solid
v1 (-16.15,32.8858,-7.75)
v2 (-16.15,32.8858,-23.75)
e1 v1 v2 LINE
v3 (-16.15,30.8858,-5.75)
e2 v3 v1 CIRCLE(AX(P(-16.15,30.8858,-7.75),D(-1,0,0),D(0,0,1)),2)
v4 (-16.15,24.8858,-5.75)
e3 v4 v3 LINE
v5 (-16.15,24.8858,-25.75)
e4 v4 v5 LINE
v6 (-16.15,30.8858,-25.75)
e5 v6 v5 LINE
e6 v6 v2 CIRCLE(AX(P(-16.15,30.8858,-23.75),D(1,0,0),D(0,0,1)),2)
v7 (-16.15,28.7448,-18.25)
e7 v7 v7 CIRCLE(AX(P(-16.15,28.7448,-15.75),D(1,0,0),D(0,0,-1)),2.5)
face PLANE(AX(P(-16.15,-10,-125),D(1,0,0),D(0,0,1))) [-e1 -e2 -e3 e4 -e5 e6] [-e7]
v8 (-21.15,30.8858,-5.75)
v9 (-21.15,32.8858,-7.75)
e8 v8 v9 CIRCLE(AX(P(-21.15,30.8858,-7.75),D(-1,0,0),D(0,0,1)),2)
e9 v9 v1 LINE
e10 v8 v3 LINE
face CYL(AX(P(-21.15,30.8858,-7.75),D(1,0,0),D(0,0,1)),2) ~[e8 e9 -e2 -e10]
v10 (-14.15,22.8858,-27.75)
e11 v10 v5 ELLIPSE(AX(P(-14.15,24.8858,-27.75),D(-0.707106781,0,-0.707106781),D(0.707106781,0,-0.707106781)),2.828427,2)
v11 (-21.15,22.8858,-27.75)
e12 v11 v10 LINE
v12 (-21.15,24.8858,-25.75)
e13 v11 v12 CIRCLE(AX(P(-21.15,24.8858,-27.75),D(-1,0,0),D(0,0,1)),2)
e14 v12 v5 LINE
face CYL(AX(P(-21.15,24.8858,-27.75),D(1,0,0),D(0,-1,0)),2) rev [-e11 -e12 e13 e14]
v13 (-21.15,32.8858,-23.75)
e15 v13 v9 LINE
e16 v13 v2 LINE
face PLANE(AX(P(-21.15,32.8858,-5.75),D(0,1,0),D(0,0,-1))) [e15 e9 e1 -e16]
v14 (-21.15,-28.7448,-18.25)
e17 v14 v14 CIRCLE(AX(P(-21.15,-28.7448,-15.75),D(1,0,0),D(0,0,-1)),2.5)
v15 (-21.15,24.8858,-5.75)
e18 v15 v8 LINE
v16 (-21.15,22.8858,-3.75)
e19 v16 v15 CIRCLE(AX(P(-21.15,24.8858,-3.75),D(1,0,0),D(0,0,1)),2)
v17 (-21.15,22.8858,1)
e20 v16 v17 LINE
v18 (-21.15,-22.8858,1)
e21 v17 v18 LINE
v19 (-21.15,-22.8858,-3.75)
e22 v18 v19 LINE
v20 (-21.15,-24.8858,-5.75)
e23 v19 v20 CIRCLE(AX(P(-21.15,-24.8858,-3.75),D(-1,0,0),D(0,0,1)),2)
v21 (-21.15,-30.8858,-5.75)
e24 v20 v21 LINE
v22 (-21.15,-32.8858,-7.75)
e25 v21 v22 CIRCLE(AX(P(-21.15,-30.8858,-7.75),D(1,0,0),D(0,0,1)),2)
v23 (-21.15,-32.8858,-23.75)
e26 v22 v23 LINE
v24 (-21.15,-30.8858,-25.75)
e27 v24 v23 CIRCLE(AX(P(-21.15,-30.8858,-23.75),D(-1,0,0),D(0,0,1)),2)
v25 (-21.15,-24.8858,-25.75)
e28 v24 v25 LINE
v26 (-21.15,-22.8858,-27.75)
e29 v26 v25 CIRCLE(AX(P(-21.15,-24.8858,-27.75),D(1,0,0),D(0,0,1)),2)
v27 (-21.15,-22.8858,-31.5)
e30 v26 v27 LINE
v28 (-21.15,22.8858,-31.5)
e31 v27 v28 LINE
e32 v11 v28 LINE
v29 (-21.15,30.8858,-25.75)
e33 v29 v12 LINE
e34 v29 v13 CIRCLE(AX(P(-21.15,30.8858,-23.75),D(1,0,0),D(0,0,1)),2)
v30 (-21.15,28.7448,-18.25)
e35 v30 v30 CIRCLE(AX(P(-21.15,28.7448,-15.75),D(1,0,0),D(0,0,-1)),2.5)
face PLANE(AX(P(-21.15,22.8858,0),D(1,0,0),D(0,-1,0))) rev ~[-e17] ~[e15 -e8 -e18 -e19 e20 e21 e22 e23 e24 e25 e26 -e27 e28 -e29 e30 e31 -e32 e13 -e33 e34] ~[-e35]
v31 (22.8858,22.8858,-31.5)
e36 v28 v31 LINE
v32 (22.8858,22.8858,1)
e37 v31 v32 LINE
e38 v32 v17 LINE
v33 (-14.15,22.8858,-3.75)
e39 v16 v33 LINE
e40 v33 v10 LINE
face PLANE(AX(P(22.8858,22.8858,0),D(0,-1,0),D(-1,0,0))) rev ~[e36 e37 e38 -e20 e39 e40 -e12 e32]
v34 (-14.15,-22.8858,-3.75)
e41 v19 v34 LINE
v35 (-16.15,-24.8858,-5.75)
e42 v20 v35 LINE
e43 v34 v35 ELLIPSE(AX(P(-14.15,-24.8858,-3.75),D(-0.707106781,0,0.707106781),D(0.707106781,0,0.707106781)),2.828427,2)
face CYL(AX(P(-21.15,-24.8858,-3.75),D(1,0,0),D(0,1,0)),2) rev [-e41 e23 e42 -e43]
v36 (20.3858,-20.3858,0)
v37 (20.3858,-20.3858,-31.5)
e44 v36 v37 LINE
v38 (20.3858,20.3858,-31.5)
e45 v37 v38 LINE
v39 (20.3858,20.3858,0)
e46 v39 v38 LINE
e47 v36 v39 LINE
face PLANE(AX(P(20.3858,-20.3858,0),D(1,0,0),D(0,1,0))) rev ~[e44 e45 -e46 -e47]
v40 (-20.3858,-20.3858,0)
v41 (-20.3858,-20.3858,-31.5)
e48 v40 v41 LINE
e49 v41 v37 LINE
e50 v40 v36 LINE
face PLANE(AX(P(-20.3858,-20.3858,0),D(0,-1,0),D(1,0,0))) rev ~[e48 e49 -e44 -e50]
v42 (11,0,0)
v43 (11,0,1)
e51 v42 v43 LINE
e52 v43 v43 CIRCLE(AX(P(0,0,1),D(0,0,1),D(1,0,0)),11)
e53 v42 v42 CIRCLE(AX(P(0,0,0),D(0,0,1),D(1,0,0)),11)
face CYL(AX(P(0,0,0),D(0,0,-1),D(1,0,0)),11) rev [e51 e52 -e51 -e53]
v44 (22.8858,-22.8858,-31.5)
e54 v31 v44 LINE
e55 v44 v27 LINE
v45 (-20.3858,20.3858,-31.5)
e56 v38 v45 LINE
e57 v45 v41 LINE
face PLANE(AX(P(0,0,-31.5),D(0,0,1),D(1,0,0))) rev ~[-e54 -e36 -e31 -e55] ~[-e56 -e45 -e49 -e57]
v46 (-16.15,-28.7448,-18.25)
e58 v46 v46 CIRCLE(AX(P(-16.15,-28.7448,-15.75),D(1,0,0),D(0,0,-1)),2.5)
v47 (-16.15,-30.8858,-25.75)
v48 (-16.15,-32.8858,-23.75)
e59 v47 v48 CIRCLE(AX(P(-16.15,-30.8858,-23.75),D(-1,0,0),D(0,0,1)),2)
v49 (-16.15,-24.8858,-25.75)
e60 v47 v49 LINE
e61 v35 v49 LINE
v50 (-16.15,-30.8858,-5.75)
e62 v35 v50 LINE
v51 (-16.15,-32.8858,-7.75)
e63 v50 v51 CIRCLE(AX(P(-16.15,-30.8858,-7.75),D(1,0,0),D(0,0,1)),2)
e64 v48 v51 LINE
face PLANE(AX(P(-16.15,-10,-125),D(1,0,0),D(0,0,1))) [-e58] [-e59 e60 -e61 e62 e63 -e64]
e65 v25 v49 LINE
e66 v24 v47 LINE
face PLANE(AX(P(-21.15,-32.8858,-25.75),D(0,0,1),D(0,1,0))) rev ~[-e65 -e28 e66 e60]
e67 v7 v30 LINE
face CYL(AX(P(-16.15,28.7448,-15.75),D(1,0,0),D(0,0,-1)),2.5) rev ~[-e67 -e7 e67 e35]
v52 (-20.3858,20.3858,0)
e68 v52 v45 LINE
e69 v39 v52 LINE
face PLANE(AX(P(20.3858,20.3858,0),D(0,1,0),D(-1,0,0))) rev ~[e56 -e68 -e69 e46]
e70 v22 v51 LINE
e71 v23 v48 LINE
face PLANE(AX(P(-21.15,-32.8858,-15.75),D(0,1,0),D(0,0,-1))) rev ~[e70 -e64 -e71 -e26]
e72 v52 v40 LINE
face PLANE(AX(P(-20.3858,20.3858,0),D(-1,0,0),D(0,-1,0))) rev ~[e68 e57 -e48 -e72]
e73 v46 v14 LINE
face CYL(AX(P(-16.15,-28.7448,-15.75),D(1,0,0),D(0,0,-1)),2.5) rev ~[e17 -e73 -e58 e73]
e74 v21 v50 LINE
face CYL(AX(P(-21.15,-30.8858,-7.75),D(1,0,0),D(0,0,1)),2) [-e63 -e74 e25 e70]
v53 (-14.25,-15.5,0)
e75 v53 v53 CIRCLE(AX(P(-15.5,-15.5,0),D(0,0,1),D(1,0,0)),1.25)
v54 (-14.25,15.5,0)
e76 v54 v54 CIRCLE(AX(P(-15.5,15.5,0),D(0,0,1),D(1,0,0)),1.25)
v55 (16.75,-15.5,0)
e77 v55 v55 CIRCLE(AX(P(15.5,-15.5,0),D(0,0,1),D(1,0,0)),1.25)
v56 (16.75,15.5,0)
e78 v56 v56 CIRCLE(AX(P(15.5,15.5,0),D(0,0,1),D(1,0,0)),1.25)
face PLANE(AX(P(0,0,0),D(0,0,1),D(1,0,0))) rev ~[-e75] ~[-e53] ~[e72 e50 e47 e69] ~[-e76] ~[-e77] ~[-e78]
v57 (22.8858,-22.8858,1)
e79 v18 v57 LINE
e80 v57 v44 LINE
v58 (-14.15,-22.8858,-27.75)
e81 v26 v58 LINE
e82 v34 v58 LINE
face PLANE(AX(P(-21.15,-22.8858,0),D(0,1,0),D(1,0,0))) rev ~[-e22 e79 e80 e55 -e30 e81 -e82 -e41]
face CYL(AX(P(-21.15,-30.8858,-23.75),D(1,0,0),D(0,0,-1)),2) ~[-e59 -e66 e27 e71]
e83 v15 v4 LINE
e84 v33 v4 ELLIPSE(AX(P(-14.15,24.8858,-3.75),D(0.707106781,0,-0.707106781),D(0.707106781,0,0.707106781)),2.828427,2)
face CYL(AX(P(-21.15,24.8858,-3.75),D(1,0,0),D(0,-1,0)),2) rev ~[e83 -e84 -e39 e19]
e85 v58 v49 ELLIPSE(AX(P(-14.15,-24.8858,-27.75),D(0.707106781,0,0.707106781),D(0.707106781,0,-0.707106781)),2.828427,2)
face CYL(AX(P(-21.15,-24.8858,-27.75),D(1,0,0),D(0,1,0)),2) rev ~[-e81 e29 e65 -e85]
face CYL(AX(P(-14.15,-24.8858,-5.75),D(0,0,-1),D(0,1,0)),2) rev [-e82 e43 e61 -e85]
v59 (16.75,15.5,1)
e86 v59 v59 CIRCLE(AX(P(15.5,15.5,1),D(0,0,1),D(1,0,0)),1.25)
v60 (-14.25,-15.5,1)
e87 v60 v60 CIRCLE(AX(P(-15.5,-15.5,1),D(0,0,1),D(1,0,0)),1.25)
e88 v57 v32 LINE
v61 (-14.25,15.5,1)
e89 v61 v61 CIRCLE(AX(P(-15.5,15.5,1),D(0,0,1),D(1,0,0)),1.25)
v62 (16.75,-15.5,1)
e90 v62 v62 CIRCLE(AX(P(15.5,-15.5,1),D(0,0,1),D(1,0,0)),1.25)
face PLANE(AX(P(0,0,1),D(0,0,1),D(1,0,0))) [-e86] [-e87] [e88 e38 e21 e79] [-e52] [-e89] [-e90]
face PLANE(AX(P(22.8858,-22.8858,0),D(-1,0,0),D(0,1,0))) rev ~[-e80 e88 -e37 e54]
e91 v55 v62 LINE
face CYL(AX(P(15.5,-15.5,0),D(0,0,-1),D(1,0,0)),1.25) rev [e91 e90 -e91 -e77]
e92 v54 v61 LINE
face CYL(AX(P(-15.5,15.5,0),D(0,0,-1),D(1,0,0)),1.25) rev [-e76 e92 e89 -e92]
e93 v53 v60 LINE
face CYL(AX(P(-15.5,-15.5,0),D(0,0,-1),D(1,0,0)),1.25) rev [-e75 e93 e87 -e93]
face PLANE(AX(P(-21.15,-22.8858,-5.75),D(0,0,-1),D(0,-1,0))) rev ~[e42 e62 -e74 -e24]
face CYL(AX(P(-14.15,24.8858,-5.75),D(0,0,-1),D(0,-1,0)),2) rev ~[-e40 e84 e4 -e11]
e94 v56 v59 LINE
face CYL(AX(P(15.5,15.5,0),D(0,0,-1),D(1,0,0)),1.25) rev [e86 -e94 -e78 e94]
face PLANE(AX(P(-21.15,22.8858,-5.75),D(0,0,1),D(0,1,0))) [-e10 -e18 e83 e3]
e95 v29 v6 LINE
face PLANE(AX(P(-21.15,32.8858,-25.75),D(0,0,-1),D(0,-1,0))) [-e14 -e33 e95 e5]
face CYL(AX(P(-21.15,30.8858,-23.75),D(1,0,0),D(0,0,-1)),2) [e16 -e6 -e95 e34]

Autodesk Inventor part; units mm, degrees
ref_plane "YZ Plane" through (0, 0, 0) normal (1, 0, 0) x (0, 1, 0)
ref_plane "XZ Plane" through (0, 0, 0) normal (0, 1, 0) x (-1, 0, 0)
sketch "Sketch1" plane through (0, 0, 0) normal (0, 0, 1) x (1, 0, 0)
  line L0 (20.0607, 17.4322) -> (17.4322, 20.0607) construction
  arc A0 (17.4322, 20.0607) -> (16.3716, 20.5) centre (16.3716, 19) ccw construction
  line L1 (16.3716, 20.5) -> (-16.3716, 20.5) construction
  arc A1 (-16.3716, 20.5) -> (-17.4322, 20.0607) centre (-16.3716, 19) ccw construction
  line L2 (-17.4322, 20.0607) -> (-20.0607, 17.4322) construction
  arc A2 (-20.0607, 17.4322) -> (-20.5, 16.3716) centre (-19, 16.3716) ccw construction
  line L3 (-20.5, 16.3716) -> (-20.5, -16.3716) construction
  arc A3 (-20.5, -16.3716) -> (-20.0607, -17.4322) centre (-19, -16.3716) ccw construction
  line L4 (-20.0607, -17.4322) -> (-17.4322, -20.0607) construction
  arc A4 (-17.4322, -20.0607) -> (-16.3716, -20.5) centre (-16.3716, -19) ccw construction
  line L5 (-16.3716, -20.5) -> (16.3716, -20.5) construction
  arc A5 (16.3716, -20.5) -> (17.4322, -20.0607) centre (16.3716, -19) ccw construction
  line L6 (17.4322, -20.0607) -> (20.0607, -17.4322) construction
  arc A6 (20.0607, -17.4322) -> (20.5, -16.3716) centre (19, -16.3716) ccw construction
  line L7 (20.5, -16.3716) -> (20.5, 16.3716) construction
  arc A7 (20.5, 16.3716) -> (20.0607, 17.4322) centre (19, 16.3716) ccw construction
  circle A8 centre (0, 0) radius 16.5 construction
  circle A9 centre (15.5, 15.5) radius 1.55 construction
  circle A10 centre (15.5, -15.5) radius 1.55 construction
  circle A11 centre (-15.5, -15.5) radius 1.55 construction
  circle A12 centre (-15.5, 15.5) radius 1.55 construction
  line L8 (0, 0) -> (-20.3858, 0) construction
  line L9 (-20.3858, 0) -> (-20.3858, -20.3858) construction
  line L10 (-20.3858, -20.3858) -> (0, -20.3858) construction
  line L11 (0, -20.3858) -> (0, 0) construction
  line L12 (0, 0) -> (-20.3858, 0) construction
  line L13 (-20.3858, 0) -> (-20.3858, 20.3858) construction
  line L14 (-20.3858, 20.3858) -> (0, 20.3858) construction
  line L15 (0, 20.3858) -> (0, 0) construction
  line L16 (0, 0) -> (20.3858, 0) construction
  line L17 (20.3858, 0) -> (20.3858, 20.3858) construction
  line L18 (20.3858, 20.3858) -> (0, 20.3858) construction
  line L19 (0, 20.3858) -> (0, 0) construction
  line L20 (0, 0) -> (20.3858, 0) construction
  line L21 (20.3858, 0) -> (20.3858, -20.3858) construction
  line L22 (20.3858, -20.3858) -> (0, -20.3858) construction
  line L23 (0, -20.3858) -> (0, 0) construction
  line L24 (-20.3858, -20.3858) -> (20.3858, -20.3858)
  line L25 (20.3858, -20.3858) -> (20.3858, 20.3858)
  line L26 (20.3858, 20.3858) -> (-20.3858, 20.3858)
  line L27 (-20.3858, 20.3858) -> (-20.3858, -20.3858)
  line L28 (-21.15, -107.4) -> (-21.15, 107.4) projected
  line L29 (-21.15, 22.8858) -> (22.8858, 22.8858)
  line L30 (22.8858, 22.8858) -> (22.8858, -22.8858)
  line L31 (22.8858, -22.8858) -> (-21.15, -22.8858)
  point P0 (0, 0)
  dimension "d0" = 2.5
ref_plane "Work Plane1" through (-21.15, -21.15, -31.5) normal (0, 0, -1) x (0, 1, 0)
extrude "Extrusion1" add sketch "Sketch1" against normal up to surface (31.5 mm away)
ref_plane "Work Plane2" through (-21.15, -10, -125) normal (1, 0, 0) x (0, 0, 1)
sketch "Sketch2" plane through (-21.15, -10, -125) normal (1, 0, 0) x (0, 0, 1)
  line L0 (125, 12.8858) -> (125, -32.8858) projected
  line L1 (93.5, 12.8858) -> (93.5, -32.8858) projected
  line L2 (125, -32.8858) -> (93.5, -32.8858) projected
  line L3 (125, 12.8858) -> (125, -32.8858) projected
  line L4 (125, 12.8858) -> (93.5, 12.8858) projected
  line L5 (125, -10) -> (93.5, -10) construction
  line L6 (109.25, 12.8858) -> (109.25, -32.8858) construction
  line L7 (109.25, -32.8858) -> (119.25, -32.8858) construction
  line L8 (119.25, -32.8858) -> (119.25, -42.8858)
  line L9 (119.25, -42.8858) -> (109.25, -42.8858)
  line L10 (109.25, -42.8858) -> (109.25, -32.8858) construction
  line L11 (109.25, -42.8858) -> (99.25, -42.8858)
  line L12 (99.25, -42.8858) -> (99.25, -32.8858)
  line L13 (99.25, -32.8858) -> (109.25, -32.8858) construction
  line L14 (109.25, -32.8858) -> (109.25, -42.8858) construction
  line L15 (125, 12.8858) -> (93.5, 12.8858)
  line L16 (119.25, 12.8858) -> (119.25, 22.8858)
  line L17 (119.25, 22.8858) -> (109.25, 22.8858)
  line L18 (109.25, 22.8858) -> (99.25, 22.8858)
  line L19 (99.25, 22.8858) -> (99.25, 12.8858)
  dimension "d3" = 10
  dimension "d4" = 10
  dimension "d5" = 10
  dimension "d6" = 10
extrude "Extrusion2" add sketch "Sketch2" along normal blind 5 contours L4 L19 L18 L17 L16 | L8 L9 L11 L12 L2
sketch "Sketch3" plane through (0, 0, 0) normal (0, 0, 1) x (1, 0, 0)
  line L0 (22.8858, 22.8858) -> (-21.15, 22.8858) projected
  line L1 (-21.15, 22.8858) -> (-21.15, -22.8858) projected
  line L2 (22.8858, 22.8858) -> (-21.15, 22.8858)
  line L3 (-21.15, 22.8858) -> (-21.15, -22.8858)
  line L4 (-21.15, -22.8858) -> (22.8858, -22.8858)
  line L5 (22.8858, -22.8858) -> (22.8858, 22.8858)
  circle A0 centre (-15.5, 15.5) radius 1.25 projected
  circle A1 centre (15.5, 15.5) radius 1.25 projected
  circle A2 centre (-15.5, -15.5) radius 1.25 projected
  circle A3 centre (15.5, -15.5) radius 1.25 projected
  circle A4 centre (0, 0) radius 11 projected
  point P0 (0, 0)
extrude "Extrusion3" add sketch "Sketch3" along normal blind 1
fillet "Fillet1" radius 2 10 edges at (-18.65, 22.8858, -25.75) (-18.65, 32.8858, -25.75) (-18.65, 32.8858, -5.75) (-18.65, 22.8858, -5.75) (-18.65, -22.8858, -25.75) (-18.65, -32.8858, -25.75) (-18.65, -32.8858, -5.75) (-18.65, -22.8858, -5.75) (-16.15, -22.8858, -15.75) (-16.15, 22.8858, -15.75)
sketch "Sketch4" plane through (-16.15, -10, -125) normal (1, 0, 0) x (0, 0, -1)
  arc A0 (-117.25, 42.8858) -> (-119.25, 40.8858) centre (-117.25, 40.8858) ccw projected
  line L0 (-119.25, 40.8858) -> (-119.25, 34.8858) projected
  line L1 (-99.25, 34.8858) -> (-119.25, 34.8858) projected
  line L2 (-99.25, 34.8858) -> (-99.25, 40.8858) projected
  arc A1 (-99.25, 40.8858) -> (-101.25, 42.8858) centre (-101.25, 40.8858) ccw projected
  line L3 (-101.25, 42.8858) -> (-117.25, 42.8858) projected
  arc A2 (-119.25, -20.8858) -> (-117.25, -22.8858) centre (-117.25, -20.8858) ccw projected
  line L4 (-117.25, -22.8858) -> (-101.25, -22.8858) projected
  arc A3 (-101.25, -22.8858) -> (-99.25, -20.8858) centre (-101.25, -20.8858) ccw projected
  line L5 (-99.25, -20.8858) -> (-99.25, -14.8858) projected
  line L6 (-119.25, -14.8858) -> (-99.25, -14.8858) projected
  line L7 (-119.25, -14.8858) -> (-119.25, -20.8858) projected
  circle A4 centre (-109.25, 38.7448) radius 2.5
  line L8 (-215.88, 9.0017) -> (215.88, 9.0017) construction
  line L9 (-126, 32.8858) -> (-126, -12.8858) construction
  line L10 (-126, 10) -> (-93.5, 10) construction
  line L11 (-93.5, 32.8858) -> (-93.5, -12.8858) construction
  circle A5 centre (-109.25, -18.7448) radius 2.5
  point P0 (-125, 10)
  dimension "d12" = 5
extrude "Extrusion4" cut sketch "Sketch4" against normal up to surface (5 mm away) contours A4 | A5
properties part number "Nema17WheelMotorMount"
